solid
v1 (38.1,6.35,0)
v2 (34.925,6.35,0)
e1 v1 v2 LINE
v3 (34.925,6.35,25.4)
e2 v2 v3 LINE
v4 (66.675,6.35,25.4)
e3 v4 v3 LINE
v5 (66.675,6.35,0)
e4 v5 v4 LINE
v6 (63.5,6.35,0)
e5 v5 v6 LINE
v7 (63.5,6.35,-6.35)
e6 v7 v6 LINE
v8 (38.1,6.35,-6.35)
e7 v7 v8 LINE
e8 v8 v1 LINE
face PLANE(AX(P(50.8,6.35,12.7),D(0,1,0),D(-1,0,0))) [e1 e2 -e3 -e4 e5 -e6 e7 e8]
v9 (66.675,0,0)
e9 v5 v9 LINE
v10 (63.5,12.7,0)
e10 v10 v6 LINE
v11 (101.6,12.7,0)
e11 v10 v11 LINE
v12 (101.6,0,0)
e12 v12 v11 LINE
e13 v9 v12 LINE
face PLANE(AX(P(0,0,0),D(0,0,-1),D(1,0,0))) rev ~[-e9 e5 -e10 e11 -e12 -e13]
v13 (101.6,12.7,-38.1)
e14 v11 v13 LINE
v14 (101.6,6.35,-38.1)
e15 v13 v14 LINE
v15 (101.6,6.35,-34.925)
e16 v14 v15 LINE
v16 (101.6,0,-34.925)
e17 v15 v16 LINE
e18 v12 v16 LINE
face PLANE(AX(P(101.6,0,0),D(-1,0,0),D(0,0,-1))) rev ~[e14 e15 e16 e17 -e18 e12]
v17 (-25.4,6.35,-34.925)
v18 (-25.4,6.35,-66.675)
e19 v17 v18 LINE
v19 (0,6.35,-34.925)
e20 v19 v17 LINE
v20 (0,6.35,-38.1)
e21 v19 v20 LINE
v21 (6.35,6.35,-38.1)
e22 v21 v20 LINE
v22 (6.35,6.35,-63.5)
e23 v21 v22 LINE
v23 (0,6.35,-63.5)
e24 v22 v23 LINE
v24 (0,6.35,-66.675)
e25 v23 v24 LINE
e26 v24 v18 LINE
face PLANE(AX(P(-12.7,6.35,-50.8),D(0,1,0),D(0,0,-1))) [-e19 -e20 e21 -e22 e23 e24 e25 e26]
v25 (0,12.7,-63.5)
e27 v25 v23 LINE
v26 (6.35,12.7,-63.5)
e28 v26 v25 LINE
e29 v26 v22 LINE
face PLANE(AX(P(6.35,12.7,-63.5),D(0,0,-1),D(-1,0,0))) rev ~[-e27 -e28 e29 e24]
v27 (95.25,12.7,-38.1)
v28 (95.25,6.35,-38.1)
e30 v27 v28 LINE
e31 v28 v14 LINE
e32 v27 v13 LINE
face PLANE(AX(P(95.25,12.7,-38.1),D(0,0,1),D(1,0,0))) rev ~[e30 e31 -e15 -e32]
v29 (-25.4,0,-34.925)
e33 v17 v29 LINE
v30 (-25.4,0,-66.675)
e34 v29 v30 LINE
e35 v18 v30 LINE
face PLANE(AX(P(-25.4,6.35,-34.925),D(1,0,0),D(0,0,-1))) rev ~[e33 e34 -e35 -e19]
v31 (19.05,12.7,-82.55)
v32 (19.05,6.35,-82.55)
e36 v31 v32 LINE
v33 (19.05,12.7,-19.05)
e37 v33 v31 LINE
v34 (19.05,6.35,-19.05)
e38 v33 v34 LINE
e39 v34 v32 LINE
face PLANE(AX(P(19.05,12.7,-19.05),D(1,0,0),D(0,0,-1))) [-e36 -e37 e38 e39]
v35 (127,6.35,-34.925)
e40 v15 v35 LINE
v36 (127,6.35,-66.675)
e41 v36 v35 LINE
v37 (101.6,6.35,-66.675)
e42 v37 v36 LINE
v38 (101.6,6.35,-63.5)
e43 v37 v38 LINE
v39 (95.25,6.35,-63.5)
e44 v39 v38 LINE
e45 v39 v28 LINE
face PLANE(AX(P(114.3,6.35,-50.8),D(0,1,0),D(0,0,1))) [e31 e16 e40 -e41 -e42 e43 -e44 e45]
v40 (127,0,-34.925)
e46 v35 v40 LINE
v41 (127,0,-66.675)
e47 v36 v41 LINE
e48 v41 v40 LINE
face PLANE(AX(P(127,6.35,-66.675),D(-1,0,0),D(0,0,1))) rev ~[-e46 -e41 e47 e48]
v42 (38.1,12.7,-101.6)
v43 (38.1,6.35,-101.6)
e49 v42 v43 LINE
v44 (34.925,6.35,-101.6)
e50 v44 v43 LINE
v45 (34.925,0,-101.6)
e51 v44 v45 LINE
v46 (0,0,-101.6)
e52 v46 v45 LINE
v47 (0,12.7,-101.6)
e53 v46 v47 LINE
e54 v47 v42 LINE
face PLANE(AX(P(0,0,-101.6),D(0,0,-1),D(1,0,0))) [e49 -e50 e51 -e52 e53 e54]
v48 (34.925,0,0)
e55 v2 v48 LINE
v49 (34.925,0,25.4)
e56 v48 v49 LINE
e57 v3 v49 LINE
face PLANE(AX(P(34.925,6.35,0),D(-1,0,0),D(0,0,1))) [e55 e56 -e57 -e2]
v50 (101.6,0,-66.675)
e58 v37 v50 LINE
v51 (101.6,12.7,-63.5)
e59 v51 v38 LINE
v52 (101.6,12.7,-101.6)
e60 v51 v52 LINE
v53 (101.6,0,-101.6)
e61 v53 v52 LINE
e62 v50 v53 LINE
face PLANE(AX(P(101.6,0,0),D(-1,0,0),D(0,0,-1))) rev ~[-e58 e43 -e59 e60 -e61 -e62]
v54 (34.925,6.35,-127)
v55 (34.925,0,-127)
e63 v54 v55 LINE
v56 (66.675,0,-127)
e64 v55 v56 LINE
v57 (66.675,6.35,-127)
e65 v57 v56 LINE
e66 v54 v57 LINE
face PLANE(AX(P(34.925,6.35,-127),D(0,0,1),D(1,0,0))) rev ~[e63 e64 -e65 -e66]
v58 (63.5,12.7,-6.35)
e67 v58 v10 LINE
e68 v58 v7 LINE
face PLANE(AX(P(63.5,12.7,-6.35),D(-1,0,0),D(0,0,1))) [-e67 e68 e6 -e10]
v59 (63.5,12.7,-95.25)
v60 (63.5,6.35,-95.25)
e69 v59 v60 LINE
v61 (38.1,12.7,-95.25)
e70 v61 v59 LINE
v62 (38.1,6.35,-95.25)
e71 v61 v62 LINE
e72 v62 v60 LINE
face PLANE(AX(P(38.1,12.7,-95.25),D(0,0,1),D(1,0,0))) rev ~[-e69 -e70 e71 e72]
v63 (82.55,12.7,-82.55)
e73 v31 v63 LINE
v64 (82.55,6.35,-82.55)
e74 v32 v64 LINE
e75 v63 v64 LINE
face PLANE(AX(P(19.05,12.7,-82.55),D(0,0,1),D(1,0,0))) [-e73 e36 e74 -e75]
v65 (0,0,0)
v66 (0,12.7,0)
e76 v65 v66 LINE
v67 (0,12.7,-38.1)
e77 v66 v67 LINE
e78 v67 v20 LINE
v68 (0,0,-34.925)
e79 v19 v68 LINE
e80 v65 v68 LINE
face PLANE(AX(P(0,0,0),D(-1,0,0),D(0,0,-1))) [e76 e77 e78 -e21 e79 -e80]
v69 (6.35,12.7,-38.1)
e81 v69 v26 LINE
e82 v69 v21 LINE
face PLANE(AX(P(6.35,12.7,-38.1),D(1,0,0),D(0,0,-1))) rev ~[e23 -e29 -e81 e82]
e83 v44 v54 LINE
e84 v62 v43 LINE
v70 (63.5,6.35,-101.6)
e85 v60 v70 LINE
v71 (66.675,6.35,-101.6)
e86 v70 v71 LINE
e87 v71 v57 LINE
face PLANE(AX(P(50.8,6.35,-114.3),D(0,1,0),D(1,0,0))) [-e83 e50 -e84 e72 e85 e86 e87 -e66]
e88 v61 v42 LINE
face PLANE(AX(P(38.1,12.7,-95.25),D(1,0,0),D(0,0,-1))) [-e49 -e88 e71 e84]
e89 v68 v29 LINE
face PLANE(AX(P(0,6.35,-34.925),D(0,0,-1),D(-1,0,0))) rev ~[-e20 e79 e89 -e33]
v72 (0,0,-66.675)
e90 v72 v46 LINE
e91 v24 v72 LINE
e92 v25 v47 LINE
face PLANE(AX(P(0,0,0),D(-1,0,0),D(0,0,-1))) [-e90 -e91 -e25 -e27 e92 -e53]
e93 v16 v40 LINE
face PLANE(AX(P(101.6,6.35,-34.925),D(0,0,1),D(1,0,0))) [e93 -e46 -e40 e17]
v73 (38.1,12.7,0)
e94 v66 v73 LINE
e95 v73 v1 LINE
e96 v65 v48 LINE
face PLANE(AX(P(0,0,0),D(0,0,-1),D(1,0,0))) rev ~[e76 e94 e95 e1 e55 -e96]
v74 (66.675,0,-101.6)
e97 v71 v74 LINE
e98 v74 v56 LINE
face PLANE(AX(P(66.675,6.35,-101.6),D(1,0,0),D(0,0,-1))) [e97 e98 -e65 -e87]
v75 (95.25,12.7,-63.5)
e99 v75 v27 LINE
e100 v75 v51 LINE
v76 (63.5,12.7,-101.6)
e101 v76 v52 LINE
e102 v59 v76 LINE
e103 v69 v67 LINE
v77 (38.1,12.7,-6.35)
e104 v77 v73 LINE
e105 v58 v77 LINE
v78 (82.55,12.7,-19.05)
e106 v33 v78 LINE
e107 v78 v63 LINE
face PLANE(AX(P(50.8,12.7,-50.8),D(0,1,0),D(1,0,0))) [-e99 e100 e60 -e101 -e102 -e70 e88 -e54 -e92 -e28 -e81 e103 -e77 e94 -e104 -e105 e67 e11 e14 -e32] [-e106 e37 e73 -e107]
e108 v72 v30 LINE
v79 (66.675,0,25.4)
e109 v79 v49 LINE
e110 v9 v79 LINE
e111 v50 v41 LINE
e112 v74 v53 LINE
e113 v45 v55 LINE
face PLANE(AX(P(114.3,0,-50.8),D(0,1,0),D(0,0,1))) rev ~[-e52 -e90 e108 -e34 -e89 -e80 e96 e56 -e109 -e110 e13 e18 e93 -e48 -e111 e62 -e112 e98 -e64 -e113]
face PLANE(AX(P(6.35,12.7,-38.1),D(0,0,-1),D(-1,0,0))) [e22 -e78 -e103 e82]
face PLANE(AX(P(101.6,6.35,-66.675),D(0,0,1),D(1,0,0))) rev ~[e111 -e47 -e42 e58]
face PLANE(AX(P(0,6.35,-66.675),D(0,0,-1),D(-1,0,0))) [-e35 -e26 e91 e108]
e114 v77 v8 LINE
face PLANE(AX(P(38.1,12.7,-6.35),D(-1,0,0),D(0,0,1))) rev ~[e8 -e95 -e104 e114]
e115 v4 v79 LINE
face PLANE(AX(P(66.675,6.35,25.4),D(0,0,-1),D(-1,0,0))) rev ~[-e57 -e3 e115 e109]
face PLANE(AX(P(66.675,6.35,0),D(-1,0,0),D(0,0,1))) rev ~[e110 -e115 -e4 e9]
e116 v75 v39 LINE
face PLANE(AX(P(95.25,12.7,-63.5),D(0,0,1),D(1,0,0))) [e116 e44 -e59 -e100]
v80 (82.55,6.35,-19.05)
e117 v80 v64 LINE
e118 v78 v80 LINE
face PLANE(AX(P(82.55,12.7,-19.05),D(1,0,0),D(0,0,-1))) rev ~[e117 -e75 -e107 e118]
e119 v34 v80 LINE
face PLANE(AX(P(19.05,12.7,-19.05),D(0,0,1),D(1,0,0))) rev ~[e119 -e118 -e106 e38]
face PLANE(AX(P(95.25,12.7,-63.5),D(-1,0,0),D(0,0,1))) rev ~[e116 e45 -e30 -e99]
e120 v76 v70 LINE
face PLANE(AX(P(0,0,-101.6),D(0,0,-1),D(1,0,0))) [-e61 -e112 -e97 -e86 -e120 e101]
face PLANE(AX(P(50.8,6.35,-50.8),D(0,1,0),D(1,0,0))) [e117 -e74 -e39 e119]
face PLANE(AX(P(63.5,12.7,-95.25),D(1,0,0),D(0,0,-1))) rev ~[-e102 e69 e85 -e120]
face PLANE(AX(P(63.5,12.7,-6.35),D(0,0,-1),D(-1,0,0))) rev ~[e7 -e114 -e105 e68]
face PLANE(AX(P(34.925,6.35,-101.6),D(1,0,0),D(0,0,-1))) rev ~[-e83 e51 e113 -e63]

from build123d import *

# Parameters (mm, degrees)
SKETCH1_W           = 101.6
SKETCH1_H           = 101.6
BOSS_EXTRUDE1_DEPTH = 12.7
SKETCH7_W           = 63.5
SKETCH7_H           = 63.5
CUT_EXTRUDE2_DEPTH  = 6.35
SKETCH8_W           = 25.4
SKETCH8_H           = 6.35
CUT_EXTRUDE3_DEPTH  = 6.35
CIRPATTERN2_COUNT   = 4
BOSS_EXTRUDE3_START = -6.35
SKETCH9_W           = 31.75
SKETCH9_H           = 25.4
BOSS_EXTRUDE3_DEPTH = 6.35
CIRPATTERN3_COUNT   = 4


with BuildPart() as part:
    # Sketch1 → Boss-Extrude1 (new body)
    with BuildSketch(Plane(origin=(0, 0, 0), x_dir=(1, 0, 0), z_dir=(0, 1, 0))):
        with Locations((50.8, 50.8)):
            Rectangle(SKETCH1_W, SKETCH1_H)
    extrude(amount=BOSS_EXTRUDE1_DEPTH)

    # Sketch7 → Cut-Extrude2 (cut)
    with BuildSketch(Plane(origin=(0, 12.7, 0), x_dir=(1, 0, 0), z_dir=(0, 1, 0))):
        with Locations((50.8, 50.8)):
            Rectangle(SKETCH7_W, SKETCH7_H)
    extrude(amount=-CUT_EXTRUDE2_DEPTH, mode=Mode.SUBTRACT)

    # Sketch8 → Cut-Extrude3 (cut)
    with BuildSketch(Plane(origin=(0, 12.7, 0), x_dir=(1, 0, 0), z_dir=(0, 1, 0))):
        with Locations((50.8, 98.425)):
            Rectangle(SKETCH8_W, SKETCH8_H)
    cut_extrude3 = extrude(amount=-CUT_EXTRUDE3_DEPTH, mode=Mode.SUBTRACT)

    # CirPattern2: Cut-Extrude3 ×4 about axis
    cirpattern2_axis = Axis((50.8, 6.35, -50.8), (0, 1, 0))
    for i in range(1, CIRPATTERN2_COUNT):
        add(cut_extrude3.rotate(cirpattern2_axis, i * 360 / CIRPATTERN2_COUNT), mode=Mode.SUBTRACT)

    # Sketch9 → Boss-Extrude3 (add)
    with BuildSketch(Plane(origin=(0, 12.7, 0), x_dir=(1, 0, 0), z_dir=(0, 1, 0)).offset(BOSS_EXTRUDE3_START)):
        with Locations((50.8, 114.3)):
            Rectangle(SKETCH9_W, SKETCH9_H)
    boss_extrude3 = extrude(amount=-BOSS_EXTRUDE3_DEPTH)

    # CirPattern3: Boss-Extrude3 ×4 about axis
    cirpattern3_axis = Axis((50.8, 6.35, -50.8), (0, 1, 0))
    for i in range(1, CIRPATTERN3_COUNT):
        add(boss_extrude3.rotate(cirpattern3_axis, i * 360 / CIRPATTERN3_COUNT))


solid = part.part
